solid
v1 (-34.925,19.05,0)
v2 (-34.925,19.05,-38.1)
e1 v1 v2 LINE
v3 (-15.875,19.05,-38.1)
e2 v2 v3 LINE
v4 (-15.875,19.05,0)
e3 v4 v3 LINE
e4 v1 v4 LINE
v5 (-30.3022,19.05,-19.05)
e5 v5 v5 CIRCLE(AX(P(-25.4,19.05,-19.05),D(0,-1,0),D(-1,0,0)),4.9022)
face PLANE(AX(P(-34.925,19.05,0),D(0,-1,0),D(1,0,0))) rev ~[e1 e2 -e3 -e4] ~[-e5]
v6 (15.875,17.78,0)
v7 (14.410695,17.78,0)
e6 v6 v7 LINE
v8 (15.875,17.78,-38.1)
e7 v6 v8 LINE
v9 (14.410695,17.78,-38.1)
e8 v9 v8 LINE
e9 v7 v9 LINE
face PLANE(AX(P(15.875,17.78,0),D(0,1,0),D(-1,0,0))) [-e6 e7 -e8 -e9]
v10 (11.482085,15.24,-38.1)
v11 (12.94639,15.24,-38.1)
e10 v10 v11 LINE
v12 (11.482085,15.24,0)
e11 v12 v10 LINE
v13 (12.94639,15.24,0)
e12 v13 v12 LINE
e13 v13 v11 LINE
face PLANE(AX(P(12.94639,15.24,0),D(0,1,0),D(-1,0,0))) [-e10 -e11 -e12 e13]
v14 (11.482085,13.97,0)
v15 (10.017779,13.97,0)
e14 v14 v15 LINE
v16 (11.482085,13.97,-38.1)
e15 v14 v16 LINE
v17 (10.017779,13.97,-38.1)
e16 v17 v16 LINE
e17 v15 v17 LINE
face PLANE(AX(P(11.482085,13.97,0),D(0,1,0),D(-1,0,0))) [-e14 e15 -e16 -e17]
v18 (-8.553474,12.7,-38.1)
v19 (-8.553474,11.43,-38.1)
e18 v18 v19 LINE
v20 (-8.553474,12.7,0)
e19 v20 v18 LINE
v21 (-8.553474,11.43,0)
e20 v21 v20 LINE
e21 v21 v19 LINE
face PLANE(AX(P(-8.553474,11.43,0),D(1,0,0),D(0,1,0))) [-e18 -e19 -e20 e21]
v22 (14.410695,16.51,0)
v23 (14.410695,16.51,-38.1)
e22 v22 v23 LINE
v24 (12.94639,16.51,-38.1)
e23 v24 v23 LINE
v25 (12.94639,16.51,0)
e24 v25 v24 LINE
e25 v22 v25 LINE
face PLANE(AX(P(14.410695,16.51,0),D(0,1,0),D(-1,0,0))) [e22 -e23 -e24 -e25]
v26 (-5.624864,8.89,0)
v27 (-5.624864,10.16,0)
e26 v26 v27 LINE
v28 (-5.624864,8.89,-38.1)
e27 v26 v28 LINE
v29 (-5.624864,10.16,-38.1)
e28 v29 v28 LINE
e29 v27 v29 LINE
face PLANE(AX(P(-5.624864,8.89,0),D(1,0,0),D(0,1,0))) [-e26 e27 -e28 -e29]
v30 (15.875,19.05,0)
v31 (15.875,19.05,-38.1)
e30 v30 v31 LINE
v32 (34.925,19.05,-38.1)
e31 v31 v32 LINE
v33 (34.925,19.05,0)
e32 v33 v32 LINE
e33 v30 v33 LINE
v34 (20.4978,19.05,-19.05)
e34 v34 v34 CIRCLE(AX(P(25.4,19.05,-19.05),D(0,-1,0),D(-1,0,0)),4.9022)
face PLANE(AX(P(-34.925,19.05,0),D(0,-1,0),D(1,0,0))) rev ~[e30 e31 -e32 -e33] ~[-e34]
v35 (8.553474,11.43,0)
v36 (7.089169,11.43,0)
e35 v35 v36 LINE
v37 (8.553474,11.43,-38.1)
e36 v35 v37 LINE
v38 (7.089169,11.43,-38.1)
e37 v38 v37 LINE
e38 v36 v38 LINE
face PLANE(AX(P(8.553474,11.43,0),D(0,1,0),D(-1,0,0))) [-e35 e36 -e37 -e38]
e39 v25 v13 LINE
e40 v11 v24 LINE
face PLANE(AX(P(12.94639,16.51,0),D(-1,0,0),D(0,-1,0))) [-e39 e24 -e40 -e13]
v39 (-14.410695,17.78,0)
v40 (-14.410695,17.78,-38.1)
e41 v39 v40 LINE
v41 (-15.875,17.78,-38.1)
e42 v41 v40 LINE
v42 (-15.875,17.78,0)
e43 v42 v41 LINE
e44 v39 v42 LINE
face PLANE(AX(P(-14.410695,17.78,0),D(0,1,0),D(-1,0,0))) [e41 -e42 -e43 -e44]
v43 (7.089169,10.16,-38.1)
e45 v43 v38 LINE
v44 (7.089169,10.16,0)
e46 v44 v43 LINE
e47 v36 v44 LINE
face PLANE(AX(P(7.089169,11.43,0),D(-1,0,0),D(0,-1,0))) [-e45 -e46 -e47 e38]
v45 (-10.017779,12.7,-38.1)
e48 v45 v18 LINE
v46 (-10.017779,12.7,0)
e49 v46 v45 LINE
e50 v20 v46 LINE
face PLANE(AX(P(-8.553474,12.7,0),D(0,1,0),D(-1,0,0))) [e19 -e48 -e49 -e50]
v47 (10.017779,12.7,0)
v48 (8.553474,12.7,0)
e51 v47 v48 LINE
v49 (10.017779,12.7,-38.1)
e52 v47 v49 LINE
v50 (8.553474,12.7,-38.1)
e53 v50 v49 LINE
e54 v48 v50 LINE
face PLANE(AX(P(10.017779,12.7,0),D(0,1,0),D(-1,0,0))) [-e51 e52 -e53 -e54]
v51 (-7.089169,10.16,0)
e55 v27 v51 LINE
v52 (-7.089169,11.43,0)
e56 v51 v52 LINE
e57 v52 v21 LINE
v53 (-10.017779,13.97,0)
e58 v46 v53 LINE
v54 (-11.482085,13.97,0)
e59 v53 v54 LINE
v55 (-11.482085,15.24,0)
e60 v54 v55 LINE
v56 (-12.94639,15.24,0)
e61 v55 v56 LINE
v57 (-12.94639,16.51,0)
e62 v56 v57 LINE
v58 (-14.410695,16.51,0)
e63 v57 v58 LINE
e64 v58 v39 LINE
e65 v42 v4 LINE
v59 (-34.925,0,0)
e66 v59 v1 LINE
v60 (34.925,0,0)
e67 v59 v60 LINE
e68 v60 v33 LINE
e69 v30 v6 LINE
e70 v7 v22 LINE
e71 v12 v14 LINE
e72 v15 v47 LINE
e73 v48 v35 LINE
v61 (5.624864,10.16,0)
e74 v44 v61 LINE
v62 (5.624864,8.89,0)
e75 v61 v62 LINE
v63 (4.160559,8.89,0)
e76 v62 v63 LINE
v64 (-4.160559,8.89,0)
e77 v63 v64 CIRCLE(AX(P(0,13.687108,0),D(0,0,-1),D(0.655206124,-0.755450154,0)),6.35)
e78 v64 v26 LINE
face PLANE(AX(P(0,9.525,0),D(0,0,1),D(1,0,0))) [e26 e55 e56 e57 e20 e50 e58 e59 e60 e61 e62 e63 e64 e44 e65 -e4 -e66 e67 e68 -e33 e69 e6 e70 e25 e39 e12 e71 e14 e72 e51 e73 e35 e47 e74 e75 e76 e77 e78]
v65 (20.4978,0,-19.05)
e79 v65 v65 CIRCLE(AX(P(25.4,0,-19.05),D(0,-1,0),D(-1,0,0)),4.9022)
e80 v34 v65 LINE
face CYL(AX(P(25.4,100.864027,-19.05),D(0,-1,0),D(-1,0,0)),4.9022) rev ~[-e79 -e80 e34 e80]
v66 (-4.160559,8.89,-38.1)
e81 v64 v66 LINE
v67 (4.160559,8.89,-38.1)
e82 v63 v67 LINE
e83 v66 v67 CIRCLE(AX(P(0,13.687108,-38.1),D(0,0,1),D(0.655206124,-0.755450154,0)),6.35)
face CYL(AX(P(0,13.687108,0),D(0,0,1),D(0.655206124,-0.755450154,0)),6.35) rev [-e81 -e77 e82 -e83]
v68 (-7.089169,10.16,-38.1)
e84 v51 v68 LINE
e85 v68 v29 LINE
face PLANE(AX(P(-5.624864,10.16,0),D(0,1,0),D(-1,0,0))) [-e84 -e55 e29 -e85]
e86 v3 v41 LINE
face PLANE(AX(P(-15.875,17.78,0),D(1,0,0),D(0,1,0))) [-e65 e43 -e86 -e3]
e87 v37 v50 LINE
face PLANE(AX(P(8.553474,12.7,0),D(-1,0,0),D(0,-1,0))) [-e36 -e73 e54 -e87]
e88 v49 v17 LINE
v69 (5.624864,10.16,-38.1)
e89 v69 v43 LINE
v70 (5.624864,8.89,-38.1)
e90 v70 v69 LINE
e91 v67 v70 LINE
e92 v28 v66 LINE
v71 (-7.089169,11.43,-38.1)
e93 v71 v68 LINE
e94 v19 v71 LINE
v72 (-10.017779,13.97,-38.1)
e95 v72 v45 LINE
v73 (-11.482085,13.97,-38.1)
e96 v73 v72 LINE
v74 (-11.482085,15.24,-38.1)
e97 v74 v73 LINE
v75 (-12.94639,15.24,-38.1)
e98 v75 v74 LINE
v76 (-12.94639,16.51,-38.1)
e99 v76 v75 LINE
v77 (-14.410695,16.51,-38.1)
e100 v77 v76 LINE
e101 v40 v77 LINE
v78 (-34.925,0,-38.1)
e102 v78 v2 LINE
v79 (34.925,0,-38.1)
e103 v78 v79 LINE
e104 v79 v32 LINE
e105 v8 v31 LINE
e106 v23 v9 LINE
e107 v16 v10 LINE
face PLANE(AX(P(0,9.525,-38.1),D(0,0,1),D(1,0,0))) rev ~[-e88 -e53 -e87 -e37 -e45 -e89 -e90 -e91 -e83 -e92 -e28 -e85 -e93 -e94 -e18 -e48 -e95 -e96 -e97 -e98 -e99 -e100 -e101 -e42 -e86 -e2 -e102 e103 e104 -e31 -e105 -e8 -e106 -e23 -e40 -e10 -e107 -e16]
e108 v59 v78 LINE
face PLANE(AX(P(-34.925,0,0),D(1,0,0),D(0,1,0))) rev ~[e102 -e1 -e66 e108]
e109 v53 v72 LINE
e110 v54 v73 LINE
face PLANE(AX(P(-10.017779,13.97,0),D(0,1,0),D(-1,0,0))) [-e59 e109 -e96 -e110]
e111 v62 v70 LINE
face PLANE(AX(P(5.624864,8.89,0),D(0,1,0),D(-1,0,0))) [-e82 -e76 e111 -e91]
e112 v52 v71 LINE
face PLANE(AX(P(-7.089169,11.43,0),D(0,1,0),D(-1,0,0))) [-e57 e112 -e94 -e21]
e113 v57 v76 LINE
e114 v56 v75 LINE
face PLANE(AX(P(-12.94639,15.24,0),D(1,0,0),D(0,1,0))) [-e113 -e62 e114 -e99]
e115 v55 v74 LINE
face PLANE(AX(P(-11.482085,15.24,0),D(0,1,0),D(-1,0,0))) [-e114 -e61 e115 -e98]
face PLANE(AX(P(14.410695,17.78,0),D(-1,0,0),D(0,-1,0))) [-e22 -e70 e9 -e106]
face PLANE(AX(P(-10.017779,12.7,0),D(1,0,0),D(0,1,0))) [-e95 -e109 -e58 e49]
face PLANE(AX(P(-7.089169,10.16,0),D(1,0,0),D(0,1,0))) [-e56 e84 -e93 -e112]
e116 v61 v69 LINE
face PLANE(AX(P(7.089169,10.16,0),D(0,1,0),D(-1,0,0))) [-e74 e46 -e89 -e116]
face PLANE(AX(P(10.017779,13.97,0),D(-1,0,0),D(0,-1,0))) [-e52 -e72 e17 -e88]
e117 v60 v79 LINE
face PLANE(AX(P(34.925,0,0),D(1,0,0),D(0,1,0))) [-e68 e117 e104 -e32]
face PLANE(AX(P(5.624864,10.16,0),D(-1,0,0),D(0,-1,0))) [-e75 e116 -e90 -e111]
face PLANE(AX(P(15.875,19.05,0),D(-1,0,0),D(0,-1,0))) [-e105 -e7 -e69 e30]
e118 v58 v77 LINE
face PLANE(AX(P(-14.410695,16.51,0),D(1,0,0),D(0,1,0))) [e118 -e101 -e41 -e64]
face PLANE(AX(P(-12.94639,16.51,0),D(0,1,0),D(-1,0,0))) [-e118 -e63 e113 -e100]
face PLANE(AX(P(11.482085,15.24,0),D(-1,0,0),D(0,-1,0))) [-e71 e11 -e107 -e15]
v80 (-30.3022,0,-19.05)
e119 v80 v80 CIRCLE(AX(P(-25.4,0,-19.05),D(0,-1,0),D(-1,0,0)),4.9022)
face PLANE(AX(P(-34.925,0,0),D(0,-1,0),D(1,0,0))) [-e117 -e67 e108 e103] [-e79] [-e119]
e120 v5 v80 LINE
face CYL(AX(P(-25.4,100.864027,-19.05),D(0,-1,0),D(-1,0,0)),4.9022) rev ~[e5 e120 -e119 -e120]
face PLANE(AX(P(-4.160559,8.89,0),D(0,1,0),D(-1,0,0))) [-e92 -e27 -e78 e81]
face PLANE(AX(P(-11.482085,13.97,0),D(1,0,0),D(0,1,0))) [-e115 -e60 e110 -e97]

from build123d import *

# Parameters (mm, degrees)
SKETCH1_W               = 69.85
SKETCH1_H               = 19.05
BOSS_EXTRUDE1_DEPTH     = 38.1
CUT_EXTRUDE1_REACH      = 40.1
F_3_8_CLEARANCE_HOLE1_D = 9.8044


with BuildPart() as part:
    # Sketch1 → Boss-Extrude1 (new body)
    with BuildSketch(Plane.XY):
        with Locations((0, 9.525)):
            Rectangle(SKETCH1_W, SKETCH1_H)
    extrude(amount=-BOSS_EXTRUDE1_DEPTH)

    # Sketch2 → Cut-Extrude1 (cut, up to next)
    with BuildSketch(Plane.XY, mode=Mode.PRIVATE) as cut_extrude1_sk1:
        with BuildLine():
            Line((-15.875, 19.05), (0, 19.05))
            Line((0, 19.05), (15.875, 19.05))
            Line((15.875, 19.05), (15.875, 17.78))
            Line((15.875, 17.78), (14.410694861, 17.78))
            Line((14.410694861, 17.78), (14.410694861, 16.51))
            Line((14.410694861, 16.51), (12.946389723, 16.51))
            Line((12.946389723, 16.51), (12.946389723, 15.24))
            Line((12.946389723, 15.24), (11.482084584, 15.24))
            Line((11.482084584, 15.24), (11.482084584, 13.97))
            Line((11.482084584, 13.97), (10.017779445, 13.97))
            Line((10.017779445, 13.97), (10.017779445, 12.7))
            Line((10.017779445, 12.7), (8.553474306, 12.7))
            Line((8.553474306, 12.7), (8.553474306, 11.43))
            Line((8.553474306, 11.43), (7.089169168, 11.43))
            Line((7.089169168, 11.43), (7.089169168, 10.16))
            Line((7.089169168, 10.16), (5.624864029, 10.16))
            Line((5.624864029, 10.16), (5.624864029, 8.89))
            Line((5.624864029, 8.89), (4.16055889, 8.89))
            ThreePointArc((4.16055889, 8.89), (0, 7.337108475), (-4.16055889, 8.89))
            Line((-4.16055889, 8.89), (-5.624864029, 8.89))
            Line((-5.624864029, 8.89), (-5.624864029, 10.16))
            Line((-5.624864029, 10.16), (-7.089169168, 10.16))
            Line((-7.089169168, 10.16), (-7.089169168, 11.43))
            Line((-7.089169168, 11.43), (-8.553474306, 11.43))
            Line((-8.553474306, 11.43), (-8.553474306, 12.7))
            Line((-8.553474306, 12.7), (-10.017779445, 12.7))
            Line((-10.017779445, 12.7), (-10.017779445, 13.97))
            Line((-10.017779445, 13.97), (-11.482084584, 13.97))
            Line((-11.482084584, 13.97), (-11.482084584, 15.24))
            Line((-11.482084584, 15.24), (-12.946389723, 15.24))
            Line((-12.946389723, 15.24), (-12.946389723, 16.51))
            Line((-12.946389723, 16.51), (-14.410694861, 16.51))
            Line((-14.410694861, 16.51), (-14.410694861, 17.78))
            Line((-14.410694861, 17.78), (-15.875, 17.78))
            Line((-15.875, 17.78), (-15.875, 19.05))
        make_face()
    cut_extrude1_tool1 = extrude(cut_extrude1_sk1.sketch, amount=-CUT_EXTRUDE1_REACH, mode=Mode.PRIVATE) & part.part
    add(cut_extrude1_tool1.solids().sort_by_distance((0, 14.620592, 0))[0], mode=Mode.SUBTRACT)

    # 3/8 Clearance Hole1 (through all)
    with Locations(Plane(origin=(0, 19.05, 0), x_dir=(1, 0, 0), z_dir=(0, 1, 0))):
        with Locations((-25.4, 19.05), (25.4, 19.05)):
            Hole(F_3_8_CLEARANCE_HOLE1_D / 2)


solid = part.part
